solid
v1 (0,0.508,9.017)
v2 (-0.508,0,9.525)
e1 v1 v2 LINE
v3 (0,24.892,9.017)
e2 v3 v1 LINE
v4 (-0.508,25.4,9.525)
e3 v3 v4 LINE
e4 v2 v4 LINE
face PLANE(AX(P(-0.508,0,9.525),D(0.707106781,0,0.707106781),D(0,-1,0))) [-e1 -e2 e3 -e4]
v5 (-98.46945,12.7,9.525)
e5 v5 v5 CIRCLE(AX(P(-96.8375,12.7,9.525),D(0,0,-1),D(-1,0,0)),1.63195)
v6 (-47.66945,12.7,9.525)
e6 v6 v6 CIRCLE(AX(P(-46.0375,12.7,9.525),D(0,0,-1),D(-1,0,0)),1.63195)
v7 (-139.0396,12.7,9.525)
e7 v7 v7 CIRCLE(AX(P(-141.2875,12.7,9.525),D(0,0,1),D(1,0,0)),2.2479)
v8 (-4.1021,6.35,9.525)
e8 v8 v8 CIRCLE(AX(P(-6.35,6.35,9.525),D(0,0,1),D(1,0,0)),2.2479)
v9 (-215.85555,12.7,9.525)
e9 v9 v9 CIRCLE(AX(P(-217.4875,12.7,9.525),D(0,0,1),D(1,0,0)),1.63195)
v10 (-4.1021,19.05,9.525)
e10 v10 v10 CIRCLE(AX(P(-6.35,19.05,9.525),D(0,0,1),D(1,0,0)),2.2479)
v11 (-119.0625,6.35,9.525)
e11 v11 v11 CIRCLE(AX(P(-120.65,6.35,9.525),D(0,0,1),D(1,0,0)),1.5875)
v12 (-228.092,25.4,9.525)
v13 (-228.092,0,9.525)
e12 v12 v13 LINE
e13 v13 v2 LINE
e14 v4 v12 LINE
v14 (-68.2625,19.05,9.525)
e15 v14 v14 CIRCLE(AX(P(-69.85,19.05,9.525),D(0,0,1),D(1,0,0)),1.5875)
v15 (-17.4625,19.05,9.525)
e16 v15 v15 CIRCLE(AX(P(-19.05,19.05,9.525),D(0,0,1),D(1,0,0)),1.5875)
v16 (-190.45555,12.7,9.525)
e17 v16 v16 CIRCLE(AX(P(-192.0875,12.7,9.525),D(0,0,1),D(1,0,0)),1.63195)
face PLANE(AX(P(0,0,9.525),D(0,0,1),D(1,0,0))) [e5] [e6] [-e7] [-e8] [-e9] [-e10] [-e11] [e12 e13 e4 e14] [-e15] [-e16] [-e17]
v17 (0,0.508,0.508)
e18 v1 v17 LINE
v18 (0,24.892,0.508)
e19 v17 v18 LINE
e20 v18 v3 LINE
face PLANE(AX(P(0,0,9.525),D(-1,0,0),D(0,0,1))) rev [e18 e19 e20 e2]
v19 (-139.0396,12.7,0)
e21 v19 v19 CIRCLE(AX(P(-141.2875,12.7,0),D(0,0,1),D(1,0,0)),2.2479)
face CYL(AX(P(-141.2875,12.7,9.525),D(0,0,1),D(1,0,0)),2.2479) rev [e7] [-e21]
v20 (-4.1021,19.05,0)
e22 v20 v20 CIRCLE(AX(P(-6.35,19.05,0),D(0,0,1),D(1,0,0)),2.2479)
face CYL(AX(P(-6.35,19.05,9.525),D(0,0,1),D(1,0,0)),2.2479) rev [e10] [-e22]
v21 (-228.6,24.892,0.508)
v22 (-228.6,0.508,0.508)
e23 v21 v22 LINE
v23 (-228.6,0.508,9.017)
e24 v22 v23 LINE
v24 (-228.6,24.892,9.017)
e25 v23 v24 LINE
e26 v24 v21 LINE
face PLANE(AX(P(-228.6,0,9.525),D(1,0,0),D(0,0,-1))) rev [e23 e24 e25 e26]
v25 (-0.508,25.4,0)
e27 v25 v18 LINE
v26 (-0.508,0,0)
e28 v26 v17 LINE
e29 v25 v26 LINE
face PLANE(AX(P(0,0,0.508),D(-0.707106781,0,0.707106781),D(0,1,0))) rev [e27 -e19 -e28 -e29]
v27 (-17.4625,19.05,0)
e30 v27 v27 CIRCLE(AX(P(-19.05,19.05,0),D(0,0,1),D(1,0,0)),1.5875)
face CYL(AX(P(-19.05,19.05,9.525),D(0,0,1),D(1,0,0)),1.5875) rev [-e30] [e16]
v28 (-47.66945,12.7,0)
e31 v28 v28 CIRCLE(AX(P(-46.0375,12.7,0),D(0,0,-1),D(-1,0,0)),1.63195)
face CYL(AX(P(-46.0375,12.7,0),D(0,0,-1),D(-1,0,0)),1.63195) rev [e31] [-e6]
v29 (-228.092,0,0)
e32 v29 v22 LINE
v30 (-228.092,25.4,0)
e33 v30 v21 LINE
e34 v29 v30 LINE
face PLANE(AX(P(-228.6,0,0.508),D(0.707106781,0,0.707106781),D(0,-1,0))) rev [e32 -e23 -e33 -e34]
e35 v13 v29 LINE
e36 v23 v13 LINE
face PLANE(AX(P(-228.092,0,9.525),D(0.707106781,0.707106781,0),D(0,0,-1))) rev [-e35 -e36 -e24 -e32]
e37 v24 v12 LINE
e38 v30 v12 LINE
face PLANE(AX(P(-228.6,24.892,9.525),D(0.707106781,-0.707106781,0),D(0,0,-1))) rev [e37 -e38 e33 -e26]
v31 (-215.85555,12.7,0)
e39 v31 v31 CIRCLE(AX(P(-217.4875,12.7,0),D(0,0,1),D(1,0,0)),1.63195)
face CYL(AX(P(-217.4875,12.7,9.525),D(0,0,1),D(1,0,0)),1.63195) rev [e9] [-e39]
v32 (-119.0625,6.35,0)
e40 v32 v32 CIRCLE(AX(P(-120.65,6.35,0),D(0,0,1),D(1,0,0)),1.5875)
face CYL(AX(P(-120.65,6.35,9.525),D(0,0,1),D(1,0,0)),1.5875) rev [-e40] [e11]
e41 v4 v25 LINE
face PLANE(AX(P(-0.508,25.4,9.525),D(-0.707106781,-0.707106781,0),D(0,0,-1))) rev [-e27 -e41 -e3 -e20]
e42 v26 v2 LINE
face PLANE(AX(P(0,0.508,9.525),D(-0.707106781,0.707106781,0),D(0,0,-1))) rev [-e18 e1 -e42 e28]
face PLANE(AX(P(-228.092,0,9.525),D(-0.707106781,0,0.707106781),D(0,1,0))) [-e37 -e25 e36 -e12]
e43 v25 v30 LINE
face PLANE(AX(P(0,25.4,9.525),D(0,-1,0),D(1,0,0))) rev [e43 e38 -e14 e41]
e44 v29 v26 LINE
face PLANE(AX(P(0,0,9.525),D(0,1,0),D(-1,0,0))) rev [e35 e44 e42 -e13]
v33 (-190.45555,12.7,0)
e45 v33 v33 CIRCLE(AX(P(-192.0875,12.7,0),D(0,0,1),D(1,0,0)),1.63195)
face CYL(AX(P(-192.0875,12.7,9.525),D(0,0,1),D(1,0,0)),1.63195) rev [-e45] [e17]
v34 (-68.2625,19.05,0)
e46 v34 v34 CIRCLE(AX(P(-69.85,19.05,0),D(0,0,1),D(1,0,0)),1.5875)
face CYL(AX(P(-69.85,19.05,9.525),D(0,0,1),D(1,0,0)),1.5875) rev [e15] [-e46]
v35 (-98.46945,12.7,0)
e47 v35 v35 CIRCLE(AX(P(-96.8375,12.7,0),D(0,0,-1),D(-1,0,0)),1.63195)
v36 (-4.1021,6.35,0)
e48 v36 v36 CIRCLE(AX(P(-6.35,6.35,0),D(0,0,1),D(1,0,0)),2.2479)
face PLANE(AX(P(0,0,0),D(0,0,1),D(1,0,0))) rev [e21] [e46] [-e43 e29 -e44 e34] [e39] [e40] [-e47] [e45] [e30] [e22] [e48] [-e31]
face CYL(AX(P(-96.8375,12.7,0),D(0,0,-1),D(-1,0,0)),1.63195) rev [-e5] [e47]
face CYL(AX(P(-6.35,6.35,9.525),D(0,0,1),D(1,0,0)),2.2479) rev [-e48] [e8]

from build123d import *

# Parameters (mm, degrees)
SKETCH1_W                        = 228.6
SKETCH1_H                        = 25.4
BOSS_EXTRUDE1_DEPTH              = 9.525
F_8_CLEARANCE_HOLE1_D            = 4.4958
F_8_CLEARANCE_HOLE1_DEPTH        = 25.4
F_8_CLEARANCE_HOLE1_TIP          = 1.350674586
F_8_CLEARANCE_HOLE2_D            = 4.4958
F_8_CLEARANCE_HOLE2_DEPTH        = 19.05
F_8_CLEARANCE_HOLE2_TIP          = 1.350674586
CHAMFER1_SIZE                    = 0.508
F_4_CLEARANCE_HOLE1_D            = 3.2639
F_4_CLEARANCE_HOLE2_D            = 3.2639
F_4_CLEARANCE_HOLE2_DEPTH        = 9.525
F_1_8_0_125_DIAMETER_HOLE1_D     = 3.175
F_1_8_0_125_DIAMETER_HOLE1_DEPTH = 9.525


with BuildPart() as part:
    # Sketch1 → Boss-Extrude1 (new body)
    with BuildSketch(Plane.XY):
        with Locations((-114.3, 12.7)):
            Rectangle(SKETCH1_W, SKETCH1_H)
    extrude(amount=BOSS_EXTRUDE1_DEPTH)

    # #8 Clearance Hole1
    with Locations(Plane.XY.offset(9.525)):
        with Locations((-6.35, 6.35), (-6.35, 19.05)):
            Hole(F_8_CLEARANCE_HOLE1_D / 2, depth=F_8_CLEARANCE_HOLE1_DEPTH)
            with Locations((0, 0, -(F_8_CLEARANCE_HOLE1_DEPTH + F_8_CLEARANCE_HOLE1_TIP / 2))):  # 118° drill point
                Cone(0, F_8_CLEARANCE_HOLE1_D / 2, F_8_CLEARANCE_HOLE1_TIP, mode=Mode.SUBTRACT)

    # #8 Clearance Hole2
    with Locations(Plane.XY.offset(9.525)):
        with Locations((-141.2875, 12.7)):
            Hole(F_8_CLEARANCE_HOLE2_D / 2, depth=F_8_CLEARANCE_HOLE2_DEPTH)
            with Locations((0, 0, -(F_8_CLEARANCE_HOLE2_DEPTH + F_8_CLEARANCE_HOLE2_TIP / 2))):  # 118° drill point
                Cone(0, F_8_CLEARANCE_HOLE2_D / 2, F_8_CLEARANCE_HOLE2_TIP, mode=Mode.SUBTRACT)

    # Chamfer1
    chamfer1_edges = [part.edges().sort_by_distance(p)[0] for p in [
        (-228.6, 12.7, 9.525),
        (0, 12.7, 9.525),
        (-228.6, 12.7, 0),
        (0, 12.7, 0),
        (0, 0, 4.7625),
        (-228.6, 0, 4.7625),
        (-228.6, 25.4, 4.7625),
        (0, 25.4, 4.7625),
    ]]
    chamfer(chamfer1_edges, length=CHAMFER1_SIZE)

    # #4 Clearance Hole1 (through all)
    with Locations(Plane(origin=(0, 0, 0), x_dir=(-1, 0, 0), z_dir=(0, 0, -1))):
        with Locations((96.8375, 12.7), (46.0375, 12.7)):
            Hole(F_4_CLEARANCE_HOLE1_D / 2)

    # #4 Clearance Hole2
    with Locations(Plane.XY.offset(9.525)):
        with Locations((-217.4875, 12.7), (-192.0875, 12.7)):
            Hole(F_4_CLEARANCE_HOLE2_D / 2, depth=F_4_CLEARANCE_HOLE2_DEPTH)

    # 1/8 (0.125) Diameter Hole1
    with Locations(Plane.XY.offset(9.525)):
        with Locations((-19.05, 19.05), (-69.85, 19.05), (-120.65, 6.35)):
            Hole(F_1_8_0_125_DIAMETER_HOLE1_D / 2, depth=F_1_8_0_125_DIAMETER_HOLE1_DEPTH)


solid = part.part
